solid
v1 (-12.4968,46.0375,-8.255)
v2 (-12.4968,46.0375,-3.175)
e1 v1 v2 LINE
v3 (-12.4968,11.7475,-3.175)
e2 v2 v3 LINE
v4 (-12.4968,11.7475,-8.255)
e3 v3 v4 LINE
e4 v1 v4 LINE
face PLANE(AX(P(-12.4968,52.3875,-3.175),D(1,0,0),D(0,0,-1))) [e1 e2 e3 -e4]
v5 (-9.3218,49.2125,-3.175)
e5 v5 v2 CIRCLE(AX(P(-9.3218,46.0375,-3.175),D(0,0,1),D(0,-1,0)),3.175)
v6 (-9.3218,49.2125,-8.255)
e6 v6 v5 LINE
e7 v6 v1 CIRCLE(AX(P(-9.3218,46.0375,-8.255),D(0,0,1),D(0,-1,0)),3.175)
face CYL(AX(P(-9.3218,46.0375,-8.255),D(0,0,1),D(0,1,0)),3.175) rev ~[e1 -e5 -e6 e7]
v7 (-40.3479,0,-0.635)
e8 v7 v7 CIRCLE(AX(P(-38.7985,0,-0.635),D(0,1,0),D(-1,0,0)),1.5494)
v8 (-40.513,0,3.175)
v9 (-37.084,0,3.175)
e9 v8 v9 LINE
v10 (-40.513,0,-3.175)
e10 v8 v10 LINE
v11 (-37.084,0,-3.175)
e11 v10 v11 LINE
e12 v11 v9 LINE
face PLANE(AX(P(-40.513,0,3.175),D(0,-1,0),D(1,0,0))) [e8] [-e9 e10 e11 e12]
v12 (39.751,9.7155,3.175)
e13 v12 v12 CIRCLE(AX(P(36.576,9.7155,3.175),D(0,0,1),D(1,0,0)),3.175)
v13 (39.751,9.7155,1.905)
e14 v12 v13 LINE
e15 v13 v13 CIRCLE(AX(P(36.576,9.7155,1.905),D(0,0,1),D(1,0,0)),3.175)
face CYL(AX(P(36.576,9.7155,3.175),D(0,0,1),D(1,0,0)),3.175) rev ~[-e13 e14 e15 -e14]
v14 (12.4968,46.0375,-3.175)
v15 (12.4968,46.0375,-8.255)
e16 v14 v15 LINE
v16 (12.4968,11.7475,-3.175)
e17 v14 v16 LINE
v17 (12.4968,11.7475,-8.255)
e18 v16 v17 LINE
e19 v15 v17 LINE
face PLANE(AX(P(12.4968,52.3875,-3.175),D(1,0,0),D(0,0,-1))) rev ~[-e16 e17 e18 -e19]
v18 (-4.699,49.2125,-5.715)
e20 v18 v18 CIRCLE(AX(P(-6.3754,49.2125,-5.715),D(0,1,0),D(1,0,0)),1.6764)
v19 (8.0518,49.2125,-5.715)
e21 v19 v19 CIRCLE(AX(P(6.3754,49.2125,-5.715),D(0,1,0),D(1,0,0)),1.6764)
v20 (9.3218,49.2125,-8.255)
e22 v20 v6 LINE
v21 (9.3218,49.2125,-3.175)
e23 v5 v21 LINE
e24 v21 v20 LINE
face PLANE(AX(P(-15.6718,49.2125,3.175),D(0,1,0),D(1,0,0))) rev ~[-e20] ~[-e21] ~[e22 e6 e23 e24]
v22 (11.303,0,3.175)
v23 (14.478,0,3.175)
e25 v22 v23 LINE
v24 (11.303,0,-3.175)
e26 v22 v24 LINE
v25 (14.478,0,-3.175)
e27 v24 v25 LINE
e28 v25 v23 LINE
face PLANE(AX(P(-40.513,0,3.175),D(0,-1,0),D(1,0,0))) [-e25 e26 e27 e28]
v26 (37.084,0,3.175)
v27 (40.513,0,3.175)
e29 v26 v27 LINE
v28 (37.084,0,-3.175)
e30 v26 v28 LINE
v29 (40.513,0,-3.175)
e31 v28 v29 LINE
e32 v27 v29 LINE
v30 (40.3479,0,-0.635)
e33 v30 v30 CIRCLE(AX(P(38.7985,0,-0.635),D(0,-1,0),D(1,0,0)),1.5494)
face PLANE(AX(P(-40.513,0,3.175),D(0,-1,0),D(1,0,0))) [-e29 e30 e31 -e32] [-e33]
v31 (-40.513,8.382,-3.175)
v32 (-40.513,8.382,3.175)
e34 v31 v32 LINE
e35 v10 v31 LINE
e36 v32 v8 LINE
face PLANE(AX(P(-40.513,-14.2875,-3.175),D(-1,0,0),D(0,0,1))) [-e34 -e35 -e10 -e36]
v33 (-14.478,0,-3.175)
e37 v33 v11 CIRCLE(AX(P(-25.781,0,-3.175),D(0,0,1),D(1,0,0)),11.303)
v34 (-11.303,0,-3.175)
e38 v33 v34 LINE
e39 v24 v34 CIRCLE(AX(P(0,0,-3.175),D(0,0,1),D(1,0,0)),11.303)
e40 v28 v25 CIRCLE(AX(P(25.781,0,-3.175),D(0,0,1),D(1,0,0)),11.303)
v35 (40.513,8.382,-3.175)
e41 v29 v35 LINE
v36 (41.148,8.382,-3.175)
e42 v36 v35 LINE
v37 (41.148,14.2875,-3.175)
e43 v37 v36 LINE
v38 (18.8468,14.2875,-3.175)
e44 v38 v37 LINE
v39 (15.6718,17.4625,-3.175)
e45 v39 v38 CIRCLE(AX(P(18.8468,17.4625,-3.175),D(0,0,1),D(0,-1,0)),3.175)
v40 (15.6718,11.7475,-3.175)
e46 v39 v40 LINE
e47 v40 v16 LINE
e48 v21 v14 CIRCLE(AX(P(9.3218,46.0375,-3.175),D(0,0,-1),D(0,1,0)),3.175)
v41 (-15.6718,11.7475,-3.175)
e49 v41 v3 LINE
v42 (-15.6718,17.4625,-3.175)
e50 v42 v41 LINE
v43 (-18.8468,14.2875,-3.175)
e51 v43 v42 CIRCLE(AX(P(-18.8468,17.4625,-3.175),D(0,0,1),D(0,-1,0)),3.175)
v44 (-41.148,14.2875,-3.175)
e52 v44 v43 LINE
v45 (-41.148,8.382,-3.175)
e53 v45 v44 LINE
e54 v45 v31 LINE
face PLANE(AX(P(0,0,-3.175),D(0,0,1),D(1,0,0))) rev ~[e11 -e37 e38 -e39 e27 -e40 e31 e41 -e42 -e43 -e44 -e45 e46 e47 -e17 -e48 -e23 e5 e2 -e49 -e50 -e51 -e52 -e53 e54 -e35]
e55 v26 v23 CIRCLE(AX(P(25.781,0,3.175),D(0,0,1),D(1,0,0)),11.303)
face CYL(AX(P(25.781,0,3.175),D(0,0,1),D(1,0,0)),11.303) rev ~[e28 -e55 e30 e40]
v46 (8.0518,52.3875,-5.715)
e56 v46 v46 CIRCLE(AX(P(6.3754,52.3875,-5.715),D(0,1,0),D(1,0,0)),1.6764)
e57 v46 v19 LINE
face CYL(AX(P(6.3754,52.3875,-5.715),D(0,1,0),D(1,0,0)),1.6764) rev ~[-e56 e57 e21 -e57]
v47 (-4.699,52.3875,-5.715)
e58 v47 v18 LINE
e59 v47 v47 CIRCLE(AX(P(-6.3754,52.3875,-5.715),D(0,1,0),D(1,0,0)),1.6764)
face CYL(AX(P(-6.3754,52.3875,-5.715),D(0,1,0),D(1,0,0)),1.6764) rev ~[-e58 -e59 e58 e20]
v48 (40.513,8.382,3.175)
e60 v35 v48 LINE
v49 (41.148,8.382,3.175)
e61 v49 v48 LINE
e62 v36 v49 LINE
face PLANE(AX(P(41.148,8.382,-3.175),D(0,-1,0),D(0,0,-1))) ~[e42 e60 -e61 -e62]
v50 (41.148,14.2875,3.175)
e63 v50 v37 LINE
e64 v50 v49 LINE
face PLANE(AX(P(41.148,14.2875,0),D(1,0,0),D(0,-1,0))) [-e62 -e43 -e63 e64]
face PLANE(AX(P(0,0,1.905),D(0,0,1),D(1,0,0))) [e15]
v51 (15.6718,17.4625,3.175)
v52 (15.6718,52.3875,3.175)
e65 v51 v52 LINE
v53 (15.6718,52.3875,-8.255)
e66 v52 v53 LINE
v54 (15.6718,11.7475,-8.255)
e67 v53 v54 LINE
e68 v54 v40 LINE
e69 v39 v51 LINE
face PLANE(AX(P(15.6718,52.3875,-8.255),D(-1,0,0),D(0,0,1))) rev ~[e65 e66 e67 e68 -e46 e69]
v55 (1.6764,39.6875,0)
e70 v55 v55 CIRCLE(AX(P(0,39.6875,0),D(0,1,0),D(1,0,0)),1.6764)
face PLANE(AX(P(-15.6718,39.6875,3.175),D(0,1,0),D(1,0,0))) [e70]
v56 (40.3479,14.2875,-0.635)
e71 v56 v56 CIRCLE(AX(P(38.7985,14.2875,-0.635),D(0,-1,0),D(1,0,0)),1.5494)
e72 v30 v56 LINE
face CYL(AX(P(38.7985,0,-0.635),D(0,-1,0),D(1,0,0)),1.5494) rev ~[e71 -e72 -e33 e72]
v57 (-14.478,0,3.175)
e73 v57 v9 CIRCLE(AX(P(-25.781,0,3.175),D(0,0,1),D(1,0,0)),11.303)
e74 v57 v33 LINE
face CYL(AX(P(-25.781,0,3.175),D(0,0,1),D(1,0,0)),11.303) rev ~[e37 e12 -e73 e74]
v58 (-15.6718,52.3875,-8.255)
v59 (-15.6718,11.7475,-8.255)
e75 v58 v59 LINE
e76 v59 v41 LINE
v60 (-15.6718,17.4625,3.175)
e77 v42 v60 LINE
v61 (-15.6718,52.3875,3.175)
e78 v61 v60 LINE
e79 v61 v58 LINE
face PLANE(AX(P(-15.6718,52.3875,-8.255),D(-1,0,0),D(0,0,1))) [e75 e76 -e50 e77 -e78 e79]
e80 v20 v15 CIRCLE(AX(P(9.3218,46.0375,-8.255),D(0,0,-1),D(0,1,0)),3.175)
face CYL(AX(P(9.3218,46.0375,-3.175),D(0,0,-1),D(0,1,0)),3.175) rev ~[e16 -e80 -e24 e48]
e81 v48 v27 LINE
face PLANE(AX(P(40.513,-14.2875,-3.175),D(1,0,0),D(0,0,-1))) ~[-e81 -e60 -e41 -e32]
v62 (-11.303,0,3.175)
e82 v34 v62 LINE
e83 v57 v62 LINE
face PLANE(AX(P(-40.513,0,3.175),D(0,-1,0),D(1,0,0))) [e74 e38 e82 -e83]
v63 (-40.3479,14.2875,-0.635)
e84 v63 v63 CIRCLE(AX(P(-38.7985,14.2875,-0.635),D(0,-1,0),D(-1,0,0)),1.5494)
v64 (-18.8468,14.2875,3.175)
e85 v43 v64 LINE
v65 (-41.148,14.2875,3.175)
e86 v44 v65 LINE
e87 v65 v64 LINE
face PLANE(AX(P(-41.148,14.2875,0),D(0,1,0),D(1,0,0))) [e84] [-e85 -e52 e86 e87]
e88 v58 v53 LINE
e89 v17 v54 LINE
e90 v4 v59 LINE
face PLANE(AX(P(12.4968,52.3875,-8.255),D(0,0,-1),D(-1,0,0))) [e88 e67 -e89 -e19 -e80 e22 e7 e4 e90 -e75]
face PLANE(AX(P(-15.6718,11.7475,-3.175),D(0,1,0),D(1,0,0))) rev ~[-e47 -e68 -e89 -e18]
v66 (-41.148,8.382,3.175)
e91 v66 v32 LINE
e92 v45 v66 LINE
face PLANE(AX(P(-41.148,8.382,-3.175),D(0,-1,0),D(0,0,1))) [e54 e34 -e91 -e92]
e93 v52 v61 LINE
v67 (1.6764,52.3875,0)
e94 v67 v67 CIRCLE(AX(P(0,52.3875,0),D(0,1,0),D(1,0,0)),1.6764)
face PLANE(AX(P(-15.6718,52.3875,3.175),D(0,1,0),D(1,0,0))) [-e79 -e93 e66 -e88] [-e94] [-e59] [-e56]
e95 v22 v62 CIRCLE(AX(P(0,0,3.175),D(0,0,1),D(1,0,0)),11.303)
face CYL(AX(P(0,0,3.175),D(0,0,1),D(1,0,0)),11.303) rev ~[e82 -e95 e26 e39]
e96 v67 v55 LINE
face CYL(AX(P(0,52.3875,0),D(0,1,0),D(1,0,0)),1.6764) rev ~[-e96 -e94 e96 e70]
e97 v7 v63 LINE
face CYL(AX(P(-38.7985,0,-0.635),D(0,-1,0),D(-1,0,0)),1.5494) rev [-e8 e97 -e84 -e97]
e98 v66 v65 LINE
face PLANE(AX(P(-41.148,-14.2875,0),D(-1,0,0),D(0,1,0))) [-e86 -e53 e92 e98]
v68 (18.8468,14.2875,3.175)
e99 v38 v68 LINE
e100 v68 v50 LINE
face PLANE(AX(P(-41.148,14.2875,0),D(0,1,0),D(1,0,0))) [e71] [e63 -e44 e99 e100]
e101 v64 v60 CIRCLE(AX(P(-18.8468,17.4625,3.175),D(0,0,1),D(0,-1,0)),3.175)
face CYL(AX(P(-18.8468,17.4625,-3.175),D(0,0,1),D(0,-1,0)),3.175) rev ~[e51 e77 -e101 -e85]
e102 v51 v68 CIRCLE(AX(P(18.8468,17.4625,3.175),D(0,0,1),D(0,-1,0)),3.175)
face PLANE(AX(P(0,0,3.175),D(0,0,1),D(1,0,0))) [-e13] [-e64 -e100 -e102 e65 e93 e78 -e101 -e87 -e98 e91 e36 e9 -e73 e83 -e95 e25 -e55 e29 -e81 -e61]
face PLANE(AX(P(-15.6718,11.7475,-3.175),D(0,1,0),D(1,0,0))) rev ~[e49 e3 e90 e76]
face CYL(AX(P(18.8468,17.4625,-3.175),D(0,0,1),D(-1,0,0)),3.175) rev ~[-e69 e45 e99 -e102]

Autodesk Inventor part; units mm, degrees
ref_plane "YZ Plane" through (0, 0, 0) normal (1, 0, 0) x (0, 1, 0)
ref_plane "XZ Plane" through (0, 0, 0) normal (0, 1, 0) x (-1, 0, 0)
ref_plane "XY Plane" through (0, 0, 0) normal (0, 0, 1) x (1, 0, 0)
sketch "Sketch1" plane through (0, 0, 0) normal (0, 0, 1) x (1, 0, 0)
  line L0 (-41.148, 14.2875) -> (41.148, 14.2875)
  line L1 (41.148, 14.2875) -> (41.148, -14.2875)
  line L2 (41.148, -14.2875) -> (-41.148, -14.2875)
  line L3 (-41.148, -14.2875) -> (-41.148, 14.2875)
  point P0 (0, 0)
  dimension "d0" = 82.296
  dimension "d1" = 41.148
  dimension "d2" = 14.2875
  dimension "d3" = 28.575
extrude "Extrusion1" add sketch "Sketch1" along normal mid plane 6.35
sketch "Sketch2" plane through (0, 0, 3.175) normal (0, 0, 1) x (1, 0, 0)
  circle A0 centre (-25.781, 0) radius 11.303
  circle A1 centre (0, 0) radius 11.303
  line L0 (41.148, -14.2875) -> (41.148, 14.2875) projected
  circle A2 centre (25.781, 0) radius 11.303
  line L1 (-41.148, 14.2875) -> (-41.148, -14.2875) projected
  line L2 (-41.148, 0) -> (41.148, 0) construction
  line L3 (41.148, 14.2875) -> (-41.148, 14.2875) projected
  point P0 (0, 0)
  dimension "d6" = 22.606
  dimension "d9" = 22.606
  dimension "d11" = 22.606
  dimension "d14" = 25.781
  dimension "d21" = 82.296
  dimension "d22" = 25.781
  dimension "d50" = 0
  dimension "d150" = 3.175
sketch "Sketch4" plane through (-41.148, -14.2875, -3.175) normal (-1, 0, 0) x (0, 0, 1)
  line L0 (0, 0) -> (0, 28.575) projected
  line L1 (6.35, 28.575) -> (6.35, 0) projected
  line L2 (0, 22.6695) -> (6.35, 22.6695)
  line L3 (6.35, 22.6695) -> (6.35, 5.9055)
  line L4 (6.35, 5.9055) -> (0, 5.9055)
  line L5 (0, 5.9055) -> (0, 22.6695)
  point P0 (3.175, 14.2875)
  dimension "d30" = 8.382
  dimension "d31" = 16.764
extrude "Extrusion3" cut sketch "Sketch4" against normal blind 0.635
mirror "Mirror1" about plane through (0, 0, 0) normal (1, 0, 0) of "Extrusion3"
sketch "Sketch5" plane through (0, 0, 3.175) normal (0, 0, 1) x (1, 0, 0)
  circle A0 centre (0, 9.7155) radius 3.175 construction
  line L0 (41.148, 14.2875) -> (-41.148, 14.2875) projected
  line L1 (-18.3944, 20.454) -> (40.513, 0) construction
  line L2 (40.513, 8.382) -> (40.513, -8.382) projected
  circle A1 centre (2.6968, 17.4822) radius 3.175 construction
  circle A2 centre (35.941, 1.5875) radius 3.175 construction
  circle A3 centre (-35.941, 26.5465) radius 3.175 construction
  line L3 (-40.513, 8.382) -> (-40.513, -8.382) projected
  circle A4 centre (36.576, 9.7155) radius 3.175
  circle A5 centre (-36.576, -9.7155) radius 3.175
  line L4 (41.148, 8.382) -> (41.148, 14.2875) projected
  line L5 (-41.148, -14.2875) -> (41.148, -14.2875) projected
  line L6 (-41.148, -14.2875) -> (-41.148, -8.382) projected
  point P0 (0, 0)
  dimension "d34" = 6.35
  dimension "d35" = 4.572
  dimension "d53" = 6.35
  dimension "d54" = 6.35
  dimension "d55" = 4.572
  dimension "d56" = 4.572
  dimension "d57" = 12.7
  dimension "d58" = 6.35
  dimension "d59" = 6.35
  dimension "d60" = 4.572
  dimension "d61" = 4.572
  dimension "d62" = 4.572
  dimension "d63" = 4.572
extrude "Extrusion4" cut sketch "Sketch5" against normal blind 1.27
sketch "Sketch7" plane through (-41.148, -14.2875, 3.175) normal (0, -1, 0) x (1, 0, 0)
  line L0 (27.178, -14.605) -> (55.118, -14.605)
  line L1 (55.118, -14.605) -> (55.118, 8.255)
  line L2 (55.118, 8.255) -> (27.178, 8.255)
  line L3 (27.178, 8.255) -> (27.178, -14.605)
  point P0 (41.148, -3.175)
  dimension "d39" = 27.94
  dimension "d40" = 22.86
  dimension "d41" = 11.43
  dimension "d42" = 13.97
extrude "Extrusion5" [suppressed]
sketch "Sketch8" plane through (0, 0, -3.175) normal (0, 0, -1) x (-1, 0, 0)
  line L0 (-41.148, 14.2875) -> (41.148, 14.2875) projected
  line L1 (15.6718, 14.2875) -> (-15.6718, 14.2875)
  line L2 (-15.6718, 14.2875) -> (-15.6718, 52.3875)
  line L3 (-15.6718, 52.3875) -> (15.6718, 52.3875)
  line L4 (15.6718, 52.3875) -> (15.6718, 14.2875)
  point P0 (0, 0)
  dimension "d45" = 31.3436
  dimension "d46" = 38.1
  dimension "d47" = 15.6718
extrude "Extrusion6" add sketch "Sketch8" against normal up to surface (6.35 mm away)
extrude "Extrusion7" cut sketch "Sketch2" against normal blind 25.4
sketch "Sketch9" plane through (-15.6718, 52.3875, -3.175) normal (0, 1, 0) x (1, 0, 0)
  line L0 (-25.4762, -6.35) -> (56.8198, -6.35) projected
  line L1 (3.1718, -6.35) -> (28.1718, -6.35)
  line L2 (28.1718, -6.35) -> (28.1718, -3.175)
  line L3 (28.1718, -3.175) -> (3.1718, -3.175)
  line L4 (3.1718, -3.175) -> (3.1718, -6.35)
  point P0 (15.6718, -3.175)
  dimension "d64" = 3.175
  dimension "d65" = 25
  dimension "d66" = 12.5
extrude "Extrusion8" [suppressed]
sketch "Sketch13" plane through (0, 0, 3.175) normal (0, 0, 1) x (1, 0, 0)
  line L0 (-41.148, -8.382) -> (-41.148, -14.2875) projected
  line L1 (-41.148, -14.2875) -> (41.148, -14.2875) projected
  line L2 (41.148, -14.2875) -> (41.148, -8.382) projected
  line L3 (41.148, -8.382) -> (40.513, -8.382) projected
  line L4 (-40.513, -8.382) -> (-41.148, -8.382) projected
  line L5 (-40.513, -8.382) -> (-40.513, 0)
  line L6 (-40.513, 8.382) -> (-40.513, -8.382) projected
  line L7 (-40.513, 0) -> (40.513, 0)
  line L8 (40.513, 8.382) -> (40.513, -8.382) projected
  line L9 (40.513, 0) -> (40.513, -8.382)
  point P0 (0, 0)
extrude "Extrusion11" cut sketch "Sketch13" against normal through all
sketch "Sketch14" plane through (37.084, 0, 3.175) normal (0, -1, 0) x (1, 0, 0)
  line L0 (3.429, -6.35) -> (0, -6.35) projected
  line L1 (3.429, 0) -> (3.429, -6.35) projected
  line L2 (0, 0) -> (3.429, 0) projected
  line L3 (0, -6.35) -> (0, 0) projected
  line L4 (-3.683, -1.27) -> (2.667, -1.27) projected
  circle A0 centre (1.7145, -3.81) radius 1.5494
  point P0 (-37.084, -3.175)
  dimension "d84" = 3.0988
  dimension "d85" = 6.35
  dimension "d86" = 5.08
  dimension "d87" = 3.429
  dimension "d88" = 1.7145
  dimension "d89" = 2.54
extrude "Extrusion12" cut sketch "Sketch14" against normal through all contours A0
mirror "Mirror3" about plane through (0, 0, 0) normal (1, 0, 0) of "Extrusion12"
thread "Thread3" size "5-40 UNC" class "2B" standard "ANSI Unified Screw Threads" length 12.7 offset 6.35
thread "Thread4" size "5-40 UNC" class "2B" standard "ANSI Unified Screw Threads" length 12.7 offset 6.35
sketch "Sketch15" plane through (-15.6718, 52.3875, -3.175) normal (0, 1, 0) x (1, 0, 0)
  line L0 (0, -6.35) -> (0, 0) projected
  line L1 (0, 0) -> (3.175, 0)
  line L2 (3.175, 0) -> (3.175, 5.08)
  line L3 (3.175, 5.08) -> (0, 5.08)
  line L4 (0, 5.08) -> (0, 0)
  line L5 (31.3436, 0) -> (0, 0) construction
  line L6 (11.5062, 0) -> (19.8374, 0)
  line L7 (31.3436, 0) -> (28.1686, 0)
  line L8 (28.1686, 0) -> (28.1686, 5.08)
  line L9 (28.1686, 5.08) -> (31.3436, 5.08)
  line L10 (31.3436, 5.08) -> (31.3436, 0)
  line L11 (31.3436, 0) -> (31.3436, -6.35) projected
  line L12 (4.3688, 0) -> (26.9748, 0) projected
  line L13 (19.8374, 0) -> (28.1686, 0)
  point P0 (15.6718, -3.175)
  point P1 (19.8374, 5.08)
  point P2 (3.175, 0.8467)
  dimension "d96" = 5.08
  dimension "d102" = 31.3436
  dimension "d105" = 3.175
  dimension "d106" = 3.175
  dimension "d120" = 5.08
sketch "Sketch16" plane through (-15.6718, 52.3875, 3.175) normal (0, 1, 0) x (1, 0, 0)
  line L0 (31.3436, 6.35) -> (0, 6.35) projected
  arc A0 (8.3312, 6.35) -> (11.5062, 6.35) centre (9.9187, 6.35) ccw
  line L1 (11.5062, 10.5833) -> (11.5062, 6.35) projected
  line L2 (8.3312, 6.35) -> (8.3312, 10.5833) projected
  line L3 (4.3688, 6.35) -> (26.9748, 6.35) projected
  arc A1 (19.8374, 6.35) -> (23.0124, 6.35) centre (21.4249, 6.35) ccw
  line L4 (23.0124, 10.5833) -> (23.0124, 6.35) projected
  line L5 (19.8374, 6.35) -> (19.8374, 10.5833) projected
  point P0 (15.6718, 3.175)
extrude "Extrusion15" [suppressed]
fillet "Fillet3" [suppressed]
fillet "Fillet4" [suppressed]
fillet "Fillet5" radius 3.175 2 edges at (15.6718, 14.2875, 0) (-15.6718, 14.2875, 0)
extrude "Extrusion16" add sketch "Sketch15" against normal blind 40.64
sketch "Sketch17" plane through (-15.6718, 52.3875, 3.175) normal (0, 1, 0) x (1, 0, 0)
  line L0 (28.1686, 6.35) -> (28.1686, 11.43) projected
  line L1 (3.175, 11.43) -> (3.175, 6.35) projected
  line L2 (28.1686, 11.43) -> (3.175, 11.43)
  line L3 (3.175, 11.43) -> (3.175, 6.35)
  line L4 (3.175, 6.35) -> (28.1686, 6.35)
  line L5 (28.1686, 6.35) -> (28.1686, 11.43)
  point P0 (15.6718, 3.175)
extrude "Extrusion17" add sketch "Sketch17" against normal blind 3.175
fillet "Fillet6" radius 3.175 2 edges at (-12.4968, 49.2125, -5.715) (12.4968, 49.2125, -5.715)
sketch "Sketch18" plane through (-15.6718, 52.3875, 3.175) normal (0, 1, 0) x (1, 0, 0)
  circle A0 centre (9.2964, 8.89) radius 1.6764
  circle A1 centre (22.0472, 8.89) radius 1.6764
  line L0 (31.3436, 11.43) -> (0, 11.43) projected
  line L1 (6.35, 6.35) -> (24.9936, 6.35) projected
  line L2 (6.35, 11.43) -> (6.35, 6.35) projected
  line L3 (24.9936, 6.35) -> (24.9936, 11.43) projected
  line L4 (7.62, 8.89) -> (23.7236, 8.89) construction
  point P0 (15.6718, 3.175)
  point P1 (23.7236, 8.89)
  dimension "d126" = 3.3528
  dimension "d127" = 3.3528
  dimension "d128" = 5.08
  dimension "d129" = 2.54
  dimension "d130" = 2.54
  dimension "d132" = 1.27
  dimension "d134" = 1.27
extrude "Extrusion18" cut sketch "Sketch18" against normal through all contours A0 | A1
sketch "Sketch19" plane through (-15.6718, 52.3875, 3.175) normal (0, 1, 0) x (1, 0, 0)
  line L0 (6.35, 6.35) -> (24.9936, 6.35) projected
  line L1 (0, 0) -> (31.3436, 0) projected
  circle A0 centre (15.6718, 3.175) radius 1.6764
  dimension "d137" = 3.3528
extrude "Extrusion19" cut sketch "Sketch19" against normal blind 12.7
thread "Thread5" size "6-32 UNC" class "2B" standard "ANSI Unified Screw Threads" full length
sketch "Sketch20" plane through (-15.6718, 52.3875, 3.175) normal (0, 1, 0) x (1, 0, 0)
  circle A0 centre (9.2964, 8.89) radius 1.6764 projected
  circle A1 centre (15.6718, 3.175) radius 1.6764 projected
  circle A2 centre (9.2964, 8.89) radius 1.6764 projected
  circle A3 centre (22.0472, 8.89) radius 1.6764 projected
  line L0 (0, 0) -> (31.3436, 0) projected
  line L1 (31.3436, 11.43) -> (31.3436, 0) projected
  line L2 (31.3436, 11.43) -> (0, 11.43) projected
  line L3 (0, 11.43) -> (0, 0) projected
  dimension "d142" = 2.54
  dimension "d143" = 9.2964
  dimension "d144" = 8.255
equation "\"d1\" = 0.5 * d0"
equation "\"d2\" = 0.5 * d3"
equation "\"d9\" = d7"
equation "\"d11\" = d9"
equation "\"d22\" = d14"
equation "\"d30\" = 0.5 * d31"
equation "\"d41\" = 0.5 * d40"
equation "\"d42\" = 0.5 * d39"
equation "\"d47\" = 0.5 * d45"
equation "\"d66\" = 0.5 * d65"
equation "\"d88\" = 0.5 * d87"
equation "\"d89\" = 0.5 * d86"
equation "\"d106\" = d105"
equation "\"d120\" = d96"
equation "\"d127\" = d126"
equation "\"d129\" = 0.5 * d128"
equation "\"d130\" = 0.5 * d128"
equation "\"d134\" = d132"
equation "\"d7\" = d6"
properties part number "Tube Holder with camera attachment" material "Aluminum 6061-AHC"
